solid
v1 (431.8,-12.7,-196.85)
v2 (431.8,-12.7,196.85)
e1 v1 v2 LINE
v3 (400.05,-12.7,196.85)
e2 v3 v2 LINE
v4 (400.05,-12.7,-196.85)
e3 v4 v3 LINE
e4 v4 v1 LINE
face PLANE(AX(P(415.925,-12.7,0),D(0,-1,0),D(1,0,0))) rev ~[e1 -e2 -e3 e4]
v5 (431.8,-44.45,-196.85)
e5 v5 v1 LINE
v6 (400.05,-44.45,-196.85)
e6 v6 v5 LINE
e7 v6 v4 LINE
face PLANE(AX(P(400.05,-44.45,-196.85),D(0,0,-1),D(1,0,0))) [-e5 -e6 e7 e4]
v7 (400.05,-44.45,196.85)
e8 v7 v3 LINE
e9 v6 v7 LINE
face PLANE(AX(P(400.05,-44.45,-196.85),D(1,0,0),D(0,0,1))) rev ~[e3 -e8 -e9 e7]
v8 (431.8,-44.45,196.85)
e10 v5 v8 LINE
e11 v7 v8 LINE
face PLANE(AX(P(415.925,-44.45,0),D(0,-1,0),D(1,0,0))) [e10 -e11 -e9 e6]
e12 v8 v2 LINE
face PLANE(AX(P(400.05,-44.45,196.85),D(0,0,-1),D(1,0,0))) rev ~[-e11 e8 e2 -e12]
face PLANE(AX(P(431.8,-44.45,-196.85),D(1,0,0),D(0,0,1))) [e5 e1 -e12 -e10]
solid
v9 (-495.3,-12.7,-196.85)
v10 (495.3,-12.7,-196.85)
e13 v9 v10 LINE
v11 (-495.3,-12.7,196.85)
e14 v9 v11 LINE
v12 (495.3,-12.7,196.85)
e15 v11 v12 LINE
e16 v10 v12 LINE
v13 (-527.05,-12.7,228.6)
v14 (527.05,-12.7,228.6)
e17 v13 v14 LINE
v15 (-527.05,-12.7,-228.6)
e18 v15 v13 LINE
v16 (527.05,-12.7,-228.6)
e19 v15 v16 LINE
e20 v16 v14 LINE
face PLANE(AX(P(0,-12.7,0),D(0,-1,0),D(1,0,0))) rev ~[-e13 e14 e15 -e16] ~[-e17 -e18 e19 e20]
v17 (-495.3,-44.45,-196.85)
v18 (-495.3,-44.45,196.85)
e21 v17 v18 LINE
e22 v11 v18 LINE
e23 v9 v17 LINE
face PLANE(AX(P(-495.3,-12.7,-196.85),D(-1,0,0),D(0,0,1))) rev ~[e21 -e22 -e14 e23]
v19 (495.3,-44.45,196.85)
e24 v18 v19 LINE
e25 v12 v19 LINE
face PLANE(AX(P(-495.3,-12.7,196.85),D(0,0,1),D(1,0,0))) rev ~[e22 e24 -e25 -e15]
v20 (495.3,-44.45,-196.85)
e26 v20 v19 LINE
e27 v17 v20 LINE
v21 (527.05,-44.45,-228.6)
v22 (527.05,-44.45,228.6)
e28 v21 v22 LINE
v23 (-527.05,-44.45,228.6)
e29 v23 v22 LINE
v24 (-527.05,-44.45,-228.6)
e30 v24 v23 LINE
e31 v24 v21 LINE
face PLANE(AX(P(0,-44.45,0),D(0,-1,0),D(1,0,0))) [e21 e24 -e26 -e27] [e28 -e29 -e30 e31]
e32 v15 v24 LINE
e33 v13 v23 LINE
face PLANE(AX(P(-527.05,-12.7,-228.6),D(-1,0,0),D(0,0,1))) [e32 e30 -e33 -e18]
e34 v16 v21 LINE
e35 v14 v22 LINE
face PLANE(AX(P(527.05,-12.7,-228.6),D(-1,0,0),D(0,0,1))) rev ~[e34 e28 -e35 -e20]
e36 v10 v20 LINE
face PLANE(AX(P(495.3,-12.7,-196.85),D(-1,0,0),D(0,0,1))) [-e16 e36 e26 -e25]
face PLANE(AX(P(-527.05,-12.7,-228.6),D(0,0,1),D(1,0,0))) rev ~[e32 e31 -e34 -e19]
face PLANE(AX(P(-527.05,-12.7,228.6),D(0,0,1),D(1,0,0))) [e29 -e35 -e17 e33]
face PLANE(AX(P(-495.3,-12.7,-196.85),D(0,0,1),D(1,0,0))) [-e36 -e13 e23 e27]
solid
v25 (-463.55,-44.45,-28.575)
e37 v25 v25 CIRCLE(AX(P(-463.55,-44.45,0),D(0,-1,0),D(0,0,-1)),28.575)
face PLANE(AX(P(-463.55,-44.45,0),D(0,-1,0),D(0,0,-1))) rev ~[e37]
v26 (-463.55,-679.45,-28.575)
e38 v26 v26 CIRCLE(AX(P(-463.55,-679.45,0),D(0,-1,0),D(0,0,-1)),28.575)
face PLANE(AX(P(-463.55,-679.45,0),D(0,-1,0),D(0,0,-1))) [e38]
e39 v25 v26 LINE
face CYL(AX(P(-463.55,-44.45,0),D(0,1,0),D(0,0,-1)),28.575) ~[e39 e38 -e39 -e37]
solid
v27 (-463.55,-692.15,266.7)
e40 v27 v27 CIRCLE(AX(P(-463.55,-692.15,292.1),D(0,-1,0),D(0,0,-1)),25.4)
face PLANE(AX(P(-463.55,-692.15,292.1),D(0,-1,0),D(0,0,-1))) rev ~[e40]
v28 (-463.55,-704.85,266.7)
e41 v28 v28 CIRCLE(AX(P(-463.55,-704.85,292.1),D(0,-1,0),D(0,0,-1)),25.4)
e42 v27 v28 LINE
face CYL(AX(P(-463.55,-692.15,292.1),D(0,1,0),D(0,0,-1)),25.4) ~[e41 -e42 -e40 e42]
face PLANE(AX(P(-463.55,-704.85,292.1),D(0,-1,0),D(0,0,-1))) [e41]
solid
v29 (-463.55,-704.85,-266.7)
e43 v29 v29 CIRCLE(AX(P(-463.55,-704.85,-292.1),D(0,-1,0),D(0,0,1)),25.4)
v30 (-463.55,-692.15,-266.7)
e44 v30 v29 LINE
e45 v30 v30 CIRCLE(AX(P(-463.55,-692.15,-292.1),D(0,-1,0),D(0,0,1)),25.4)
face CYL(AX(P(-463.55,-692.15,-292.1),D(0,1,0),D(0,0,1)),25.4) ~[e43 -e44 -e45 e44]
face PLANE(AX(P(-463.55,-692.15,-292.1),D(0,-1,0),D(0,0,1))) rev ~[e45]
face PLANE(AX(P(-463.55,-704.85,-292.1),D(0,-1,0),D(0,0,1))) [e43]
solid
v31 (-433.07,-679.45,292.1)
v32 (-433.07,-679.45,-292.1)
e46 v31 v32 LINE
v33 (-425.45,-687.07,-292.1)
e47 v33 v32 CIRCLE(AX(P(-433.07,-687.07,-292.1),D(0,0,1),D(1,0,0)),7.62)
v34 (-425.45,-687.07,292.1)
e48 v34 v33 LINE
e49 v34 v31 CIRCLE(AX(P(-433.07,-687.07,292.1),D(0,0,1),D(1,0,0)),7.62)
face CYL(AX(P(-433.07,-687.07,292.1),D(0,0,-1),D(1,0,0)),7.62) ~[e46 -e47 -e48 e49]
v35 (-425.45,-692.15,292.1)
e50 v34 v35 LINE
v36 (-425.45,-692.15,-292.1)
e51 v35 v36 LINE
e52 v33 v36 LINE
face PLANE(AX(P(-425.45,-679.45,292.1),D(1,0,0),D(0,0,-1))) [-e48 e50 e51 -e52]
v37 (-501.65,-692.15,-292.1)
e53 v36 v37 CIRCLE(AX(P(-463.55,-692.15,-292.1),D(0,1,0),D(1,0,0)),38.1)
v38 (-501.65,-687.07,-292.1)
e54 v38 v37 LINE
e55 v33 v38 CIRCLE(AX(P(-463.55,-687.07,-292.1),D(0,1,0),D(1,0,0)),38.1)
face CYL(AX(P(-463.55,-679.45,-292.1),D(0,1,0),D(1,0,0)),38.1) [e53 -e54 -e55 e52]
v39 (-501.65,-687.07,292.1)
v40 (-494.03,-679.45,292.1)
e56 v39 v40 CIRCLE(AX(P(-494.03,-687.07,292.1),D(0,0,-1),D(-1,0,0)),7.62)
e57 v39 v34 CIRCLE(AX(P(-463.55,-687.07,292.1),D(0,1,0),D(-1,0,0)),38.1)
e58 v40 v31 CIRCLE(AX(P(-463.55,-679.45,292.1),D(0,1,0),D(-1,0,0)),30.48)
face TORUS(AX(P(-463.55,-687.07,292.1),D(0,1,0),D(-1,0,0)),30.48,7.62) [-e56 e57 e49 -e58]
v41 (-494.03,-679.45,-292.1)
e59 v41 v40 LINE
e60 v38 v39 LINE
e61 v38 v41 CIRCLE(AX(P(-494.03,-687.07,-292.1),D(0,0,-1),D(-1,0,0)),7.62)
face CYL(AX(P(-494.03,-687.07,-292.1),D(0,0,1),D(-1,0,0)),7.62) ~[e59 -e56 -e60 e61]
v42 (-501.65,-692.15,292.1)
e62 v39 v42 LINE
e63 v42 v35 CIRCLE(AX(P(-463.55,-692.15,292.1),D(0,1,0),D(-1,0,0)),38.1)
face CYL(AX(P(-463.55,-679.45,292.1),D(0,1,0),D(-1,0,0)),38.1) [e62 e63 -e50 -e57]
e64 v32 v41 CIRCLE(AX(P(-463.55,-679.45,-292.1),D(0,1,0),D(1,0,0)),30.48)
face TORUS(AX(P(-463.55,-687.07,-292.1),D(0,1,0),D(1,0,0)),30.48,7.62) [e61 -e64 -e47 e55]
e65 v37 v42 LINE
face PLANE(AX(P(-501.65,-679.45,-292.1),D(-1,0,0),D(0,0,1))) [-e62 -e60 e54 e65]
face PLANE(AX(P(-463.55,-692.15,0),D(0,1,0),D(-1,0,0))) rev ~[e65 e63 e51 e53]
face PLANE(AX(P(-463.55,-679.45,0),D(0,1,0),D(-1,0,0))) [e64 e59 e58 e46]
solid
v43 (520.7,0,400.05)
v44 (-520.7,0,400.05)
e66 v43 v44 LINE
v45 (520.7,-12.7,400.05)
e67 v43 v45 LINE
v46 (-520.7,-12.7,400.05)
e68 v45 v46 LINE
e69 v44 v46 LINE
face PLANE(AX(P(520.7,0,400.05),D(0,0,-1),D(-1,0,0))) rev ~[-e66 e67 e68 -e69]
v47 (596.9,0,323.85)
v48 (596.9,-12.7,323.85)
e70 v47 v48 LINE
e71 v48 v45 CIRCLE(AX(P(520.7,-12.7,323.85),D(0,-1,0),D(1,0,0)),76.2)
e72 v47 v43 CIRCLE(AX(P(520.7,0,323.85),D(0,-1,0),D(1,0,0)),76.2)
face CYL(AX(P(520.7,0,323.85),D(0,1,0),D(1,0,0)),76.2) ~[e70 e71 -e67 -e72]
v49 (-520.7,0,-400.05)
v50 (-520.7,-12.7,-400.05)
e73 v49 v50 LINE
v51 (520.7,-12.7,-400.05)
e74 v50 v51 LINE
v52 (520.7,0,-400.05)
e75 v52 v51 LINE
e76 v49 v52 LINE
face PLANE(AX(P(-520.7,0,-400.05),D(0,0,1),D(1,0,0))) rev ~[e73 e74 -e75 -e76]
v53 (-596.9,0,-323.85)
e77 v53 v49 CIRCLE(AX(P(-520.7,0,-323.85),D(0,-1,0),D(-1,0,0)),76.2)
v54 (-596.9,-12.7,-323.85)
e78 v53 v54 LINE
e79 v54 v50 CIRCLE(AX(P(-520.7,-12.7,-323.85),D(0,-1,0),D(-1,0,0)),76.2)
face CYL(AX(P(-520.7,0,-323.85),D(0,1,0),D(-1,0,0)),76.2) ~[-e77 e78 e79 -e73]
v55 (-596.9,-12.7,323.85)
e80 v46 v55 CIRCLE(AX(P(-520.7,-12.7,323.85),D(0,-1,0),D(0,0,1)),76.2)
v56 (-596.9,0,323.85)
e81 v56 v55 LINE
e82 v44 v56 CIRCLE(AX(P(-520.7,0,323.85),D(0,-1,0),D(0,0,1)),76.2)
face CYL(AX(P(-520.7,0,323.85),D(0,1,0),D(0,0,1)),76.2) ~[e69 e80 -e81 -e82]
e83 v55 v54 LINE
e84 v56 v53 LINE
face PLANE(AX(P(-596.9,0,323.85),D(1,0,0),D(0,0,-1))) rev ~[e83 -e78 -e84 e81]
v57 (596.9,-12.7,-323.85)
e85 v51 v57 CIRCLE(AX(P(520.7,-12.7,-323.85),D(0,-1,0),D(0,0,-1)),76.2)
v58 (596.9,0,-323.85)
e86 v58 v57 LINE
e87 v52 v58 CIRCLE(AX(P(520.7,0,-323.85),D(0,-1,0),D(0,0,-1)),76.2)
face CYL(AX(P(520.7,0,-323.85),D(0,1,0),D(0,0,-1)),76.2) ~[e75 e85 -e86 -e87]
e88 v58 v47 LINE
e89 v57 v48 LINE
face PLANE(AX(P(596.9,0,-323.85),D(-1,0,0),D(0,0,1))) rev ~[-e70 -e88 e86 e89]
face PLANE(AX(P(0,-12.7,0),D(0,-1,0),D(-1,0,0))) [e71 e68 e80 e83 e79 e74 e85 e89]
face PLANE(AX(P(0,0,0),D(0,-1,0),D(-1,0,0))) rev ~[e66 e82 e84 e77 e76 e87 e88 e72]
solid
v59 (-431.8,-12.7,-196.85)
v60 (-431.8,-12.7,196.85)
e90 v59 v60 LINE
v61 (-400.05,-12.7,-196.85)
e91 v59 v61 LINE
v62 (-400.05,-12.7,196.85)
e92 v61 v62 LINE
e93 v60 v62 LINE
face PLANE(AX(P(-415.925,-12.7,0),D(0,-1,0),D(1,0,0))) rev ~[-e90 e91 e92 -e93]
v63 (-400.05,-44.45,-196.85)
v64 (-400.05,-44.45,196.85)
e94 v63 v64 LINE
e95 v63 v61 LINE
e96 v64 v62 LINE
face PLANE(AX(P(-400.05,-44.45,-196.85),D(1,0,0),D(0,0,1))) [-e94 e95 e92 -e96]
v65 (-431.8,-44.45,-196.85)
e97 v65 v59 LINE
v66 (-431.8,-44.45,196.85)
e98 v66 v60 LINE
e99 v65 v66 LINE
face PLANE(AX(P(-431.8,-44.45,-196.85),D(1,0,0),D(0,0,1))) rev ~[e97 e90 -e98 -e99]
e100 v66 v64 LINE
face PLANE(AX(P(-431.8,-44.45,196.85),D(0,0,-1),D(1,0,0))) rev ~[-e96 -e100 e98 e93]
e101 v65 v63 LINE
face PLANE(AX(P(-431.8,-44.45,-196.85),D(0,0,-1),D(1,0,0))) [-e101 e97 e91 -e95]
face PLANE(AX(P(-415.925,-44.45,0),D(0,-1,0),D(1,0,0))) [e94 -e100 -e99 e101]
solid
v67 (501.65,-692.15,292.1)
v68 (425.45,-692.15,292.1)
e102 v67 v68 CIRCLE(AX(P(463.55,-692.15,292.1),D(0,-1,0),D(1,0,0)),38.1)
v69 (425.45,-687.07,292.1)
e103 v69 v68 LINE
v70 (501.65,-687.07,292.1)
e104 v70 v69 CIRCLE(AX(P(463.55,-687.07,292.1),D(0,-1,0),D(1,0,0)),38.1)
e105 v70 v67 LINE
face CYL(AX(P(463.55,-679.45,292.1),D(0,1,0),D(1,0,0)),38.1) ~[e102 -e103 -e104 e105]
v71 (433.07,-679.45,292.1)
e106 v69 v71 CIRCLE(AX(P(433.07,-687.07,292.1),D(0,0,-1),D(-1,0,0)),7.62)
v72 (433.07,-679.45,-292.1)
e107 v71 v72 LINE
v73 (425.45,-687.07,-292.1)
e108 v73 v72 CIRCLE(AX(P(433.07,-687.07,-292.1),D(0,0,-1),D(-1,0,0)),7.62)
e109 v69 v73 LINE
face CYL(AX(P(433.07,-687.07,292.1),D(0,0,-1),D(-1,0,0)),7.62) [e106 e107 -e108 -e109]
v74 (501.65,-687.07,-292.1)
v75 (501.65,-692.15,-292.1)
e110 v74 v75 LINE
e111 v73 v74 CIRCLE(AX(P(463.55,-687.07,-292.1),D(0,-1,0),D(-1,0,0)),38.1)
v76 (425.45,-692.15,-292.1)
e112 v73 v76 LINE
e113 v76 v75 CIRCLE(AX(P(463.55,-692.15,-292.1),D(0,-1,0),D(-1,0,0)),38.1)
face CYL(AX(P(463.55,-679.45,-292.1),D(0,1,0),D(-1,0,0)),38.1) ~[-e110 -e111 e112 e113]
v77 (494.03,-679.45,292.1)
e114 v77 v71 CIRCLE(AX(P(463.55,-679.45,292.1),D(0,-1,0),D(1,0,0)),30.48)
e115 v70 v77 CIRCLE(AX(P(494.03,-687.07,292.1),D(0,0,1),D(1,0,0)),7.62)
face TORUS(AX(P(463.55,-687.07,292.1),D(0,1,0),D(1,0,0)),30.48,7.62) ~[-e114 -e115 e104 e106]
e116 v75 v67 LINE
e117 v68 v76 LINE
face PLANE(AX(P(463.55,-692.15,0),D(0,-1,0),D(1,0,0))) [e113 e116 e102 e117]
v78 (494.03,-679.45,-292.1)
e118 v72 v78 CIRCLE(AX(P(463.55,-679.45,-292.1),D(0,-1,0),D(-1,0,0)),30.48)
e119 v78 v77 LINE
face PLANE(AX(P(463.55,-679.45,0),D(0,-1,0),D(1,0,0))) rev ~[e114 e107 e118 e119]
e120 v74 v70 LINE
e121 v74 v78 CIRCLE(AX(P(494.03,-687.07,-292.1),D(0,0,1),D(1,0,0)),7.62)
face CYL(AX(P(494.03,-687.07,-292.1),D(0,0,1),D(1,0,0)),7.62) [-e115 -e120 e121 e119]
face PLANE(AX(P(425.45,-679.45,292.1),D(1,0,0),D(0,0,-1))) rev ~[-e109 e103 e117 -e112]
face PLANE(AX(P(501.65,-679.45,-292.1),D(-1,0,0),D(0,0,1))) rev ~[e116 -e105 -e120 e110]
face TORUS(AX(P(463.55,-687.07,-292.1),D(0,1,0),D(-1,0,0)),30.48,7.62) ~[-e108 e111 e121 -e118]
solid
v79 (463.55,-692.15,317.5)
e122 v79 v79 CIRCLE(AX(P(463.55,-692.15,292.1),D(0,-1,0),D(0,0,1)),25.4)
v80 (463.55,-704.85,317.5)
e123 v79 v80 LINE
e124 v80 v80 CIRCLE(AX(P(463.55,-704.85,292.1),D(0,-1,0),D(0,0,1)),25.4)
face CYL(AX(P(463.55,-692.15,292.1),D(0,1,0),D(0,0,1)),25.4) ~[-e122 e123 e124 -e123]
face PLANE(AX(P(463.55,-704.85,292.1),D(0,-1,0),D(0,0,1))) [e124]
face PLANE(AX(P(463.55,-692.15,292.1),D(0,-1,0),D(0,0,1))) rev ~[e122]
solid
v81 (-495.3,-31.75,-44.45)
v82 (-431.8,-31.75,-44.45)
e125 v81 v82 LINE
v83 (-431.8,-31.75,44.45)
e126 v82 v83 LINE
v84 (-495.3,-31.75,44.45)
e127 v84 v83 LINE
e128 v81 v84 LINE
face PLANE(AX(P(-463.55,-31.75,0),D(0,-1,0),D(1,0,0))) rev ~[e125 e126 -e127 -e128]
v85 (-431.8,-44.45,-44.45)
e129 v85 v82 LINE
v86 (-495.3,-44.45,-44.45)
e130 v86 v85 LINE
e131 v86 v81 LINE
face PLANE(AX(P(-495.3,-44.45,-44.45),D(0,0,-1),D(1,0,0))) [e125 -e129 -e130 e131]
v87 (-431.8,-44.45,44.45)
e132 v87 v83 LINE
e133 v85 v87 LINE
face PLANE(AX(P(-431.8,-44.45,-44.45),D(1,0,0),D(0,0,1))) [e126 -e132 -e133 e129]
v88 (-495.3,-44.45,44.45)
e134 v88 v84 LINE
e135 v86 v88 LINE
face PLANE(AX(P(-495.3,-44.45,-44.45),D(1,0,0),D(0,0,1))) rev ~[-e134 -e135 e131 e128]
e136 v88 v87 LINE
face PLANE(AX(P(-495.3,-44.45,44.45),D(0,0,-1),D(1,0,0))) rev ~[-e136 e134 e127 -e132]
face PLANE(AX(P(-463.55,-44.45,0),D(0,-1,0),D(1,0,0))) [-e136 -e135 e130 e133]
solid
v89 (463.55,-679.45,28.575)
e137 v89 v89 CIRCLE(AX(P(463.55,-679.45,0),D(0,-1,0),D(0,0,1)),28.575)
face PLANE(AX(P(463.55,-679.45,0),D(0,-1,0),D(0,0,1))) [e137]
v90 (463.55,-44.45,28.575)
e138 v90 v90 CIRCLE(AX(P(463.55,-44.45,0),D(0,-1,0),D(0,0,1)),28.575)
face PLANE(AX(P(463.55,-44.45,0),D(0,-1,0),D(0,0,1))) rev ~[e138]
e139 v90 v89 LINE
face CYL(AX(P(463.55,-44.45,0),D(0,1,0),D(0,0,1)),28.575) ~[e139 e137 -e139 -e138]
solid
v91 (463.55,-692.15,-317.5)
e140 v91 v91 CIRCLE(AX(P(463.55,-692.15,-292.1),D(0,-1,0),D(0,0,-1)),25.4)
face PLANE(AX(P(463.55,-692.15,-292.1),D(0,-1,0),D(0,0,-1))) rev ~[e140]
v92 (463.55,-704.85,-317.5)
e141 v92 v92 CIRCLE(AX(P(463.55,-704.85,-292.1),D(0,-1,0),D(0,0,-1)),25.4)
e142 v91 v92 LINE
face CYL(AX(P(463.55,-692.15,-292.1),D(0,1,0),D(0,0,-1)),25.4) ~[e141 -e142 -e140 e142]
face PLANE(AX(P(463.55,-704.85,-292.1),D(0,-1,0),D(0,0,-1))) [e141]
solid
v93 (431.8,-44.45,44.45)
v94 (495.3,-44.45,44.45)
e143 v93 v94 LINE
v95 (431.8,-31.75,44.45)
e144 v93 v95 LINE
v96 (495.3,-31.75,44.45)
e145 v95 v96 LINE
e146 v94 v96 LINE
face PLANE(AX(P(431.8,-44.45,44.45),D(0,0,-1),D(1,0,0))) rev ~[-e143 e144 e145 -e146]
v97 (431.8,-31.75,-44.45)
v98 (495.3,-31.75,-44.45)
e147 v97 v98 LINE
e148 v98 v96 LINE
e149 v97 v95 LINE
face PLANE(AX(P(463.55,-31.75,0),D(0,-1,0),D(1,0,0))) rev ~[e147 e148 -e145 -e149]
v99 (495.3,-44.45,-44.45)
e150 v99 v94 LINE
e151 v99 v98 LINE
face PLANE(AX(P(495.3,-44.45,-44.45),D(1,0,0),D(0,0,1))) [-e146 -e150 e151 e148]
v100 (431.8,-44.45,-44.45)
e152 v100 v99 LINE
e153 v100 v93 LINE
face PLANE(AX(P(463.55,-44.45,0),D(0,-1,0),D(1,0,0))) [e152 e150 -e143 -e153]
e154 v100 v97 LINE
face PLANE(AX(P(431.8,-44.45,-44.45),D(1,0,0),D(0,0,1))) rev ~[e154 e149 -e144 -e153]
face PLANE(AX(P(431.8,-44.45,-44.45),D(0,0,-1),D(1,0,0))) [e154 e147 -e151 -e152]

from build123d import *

# Parameters (mm, degrees)
BOSS_EXTRUDE1_DEPTH   = 12.7
SKETCH2_W             = 1054.1
SKETCH2_H             = 457.2
SKETCH2_W_2           = 990.6
SKETCH2_H_2           = 393.7
EXTRUDE_THIN1_DEPTH   = 31.75
SKETCH3_W             = 31.75
SKETCH3_H             = 393.7
BOSS_EXTRUDE3_DEPTH   = 31.75
BOSS_EXTRUDE3_2_DEPTH = 31.75
SKETCH4_W             = 63.5
SKETCH4_H             = 88.9
BOSS_EXTRUDE4_DEPTH   = 12.7
BOSS_EXTRUDE4_2_DEPTH = 12.7
SKETCH5_R             = 28.575
BOSS_EXTRUDE5_DEPTH   = 635
BOSS_EXTRUDE5_2_DEPTH = 635
BOSS_EXTRUDE6_DEPTH   = 12.7
BOSS_EXTRUDE6_2_DEPTH = 12.7
SKETCH7_R             = 25.4
BOSS_EXTRUDE7_DEPTH   = 12.7
BOSS_EXTRUDE7_2_DEPTH = 12.7
BOSS_EXTRUDE7_3_DEPTH = 12.7
BOSS_EXTRUDE7_4_DEPTH = 12.7
FILLET1_R             = 7.62
FILLET2_R             = 7.62


with BuildPart() as part:
    # Sketch1 → Boss-Extrude1 (new body)
    with BuildSketch(Plane(origin=(0, 0, 0), x_dir=(1, 0, 0), z_dir=(0, 1, 0))):
        with BuildLine():
            Line((-520.7, 400.05), (520.7, 400.05))
            ThreePointArc((520.7, 400.05), (574.581536726, 377.731536726), (596.9, 323.85))
            Line((596.9, 323.85), (596.9, -323.85))
            ThreePointArc((596.9, -323.85), (574.581536726, -377.731536726), (520.7, -400.05))
            Line((520.7, -400.05), (-520.7, -400.05))
            ThreePointArc((-520.7, -400.05), (-574.581536726, -377.731536726), (-596.9, -323.85))
            Line((-596.9, -323.85), (-596.9, 323.85))
            ThreePointArc((-596.9, 323.85), (-574.581536726, 377.731536726), (-520.7, 400.05))
        make_face()
    extrude(amount=-BOSS_EXTRUDE1_DEPTH)


with BuildPart() as body_2:
    # Sketch2 → Extrude-Thin1 (new body)
    with BuildSketch(Plane.XZ.offset(12.7)):
        Rectangle(SKETCH2_W, SKETCH2_H)
        Rectangle(SKETCH2_W_2, SKETCH2_H_2, mode=Mode.SUBTRACT)
    extrude(amount=EXTRUDE_THIN1_DEPTH)


with BuildPart() as body_3:
    # Sketch3 → Boss-Extrude3 (new body)
    with BuildSketch(Plane.XZ.offset(44.45)):
        with Locations((-415.925, 0)):
            Rectangle(SKETCH3_W, SKETCH3_H)
    extrude(amount=-BOSS_EXTRUDE3_DEPTH)


with BuildPart() as body_4:
    # Sketch3 → Boss-Extrude3 2 (new body)
    with BuildSketch(Plane.XZ.offset(44.45)):
        with Locations((415.925, 0)):
            Rectangle(SKETCH3_W, SKETCH3_H)
    extrude(amount=-BOSS_EXTRUDE3_2_DEPTH)


with BuildPart() as body_5:
    # Sketch4 → Boss-Extrude4 (new body)
    with BuildSketch(Plane.XZ.offset(44.45)):
        with Locations((-463.55, 0)):
            Rectangle(SKETCH4_W, SKETCH4_H)
    extrude(amount=-BOSS_EXTRUDE4_DEPTH)


with BuildPart() as body_6:
    # Sketch4 → Boss-Extrude4 2 (new body)
    with BuildSketch(Plane.XZ.offset(44.45)):
        with Locations((463.55, 0)):
            Rectangle(SKETCH4_W, SKETCH4_H)
    extrude(amount=-BOSS_EXTRUDE4_2_DEPTH)


with BuildPart() as body_7:
    # Sketch5 → Boss-Extrude5 (new body)
    with BuildSketch(Plane.XZ.offset(44.45)):
        with Locations(Location((-463.55, 0, 0), (0, 0, 270))):  # turned: the seam where the file's is
            Circle(SKETCH5_R)
    extrude(amount=BOSS_EXTRUDE5_DEPTH)


with BuildPart() as body_8:
    # Sketch5 → Boss-Extrude5 2 (new body)
    with BuildSketch(Plane.XZ.offset(44.45)):
        with Locations(Location((463.55, 0, 0), (0, 0, 90))):  # turned: the seam where the file's is
            Circle(SKETCH5_R)
    extrude(amount=BOSS_EXTRUDE5_2_DEPTH)


with BuildPart() as body_9:
    # Sketch6 → Boss-Extrude6 (new body)
    with BuildSketch(Plane.XZ.offset(679.45)):
        with BuildLine():
            Line((-501.65, -292.1), (-501.65, 292.1))
            ThreePointArc((-501.65, 292.1), (-463.55, 330.2), (-425.45, 292.1))
            Line((-425.45, 292.1), (-425.45, -292.1))
            ThreePointArc((-425.45, -292.1), (-463.55, -330.2), (-501.65, -292.1))
        make_face()
    extrude(amount=BOSS_EXTRUDE6_DEPTH)

    # Fillet1
    fillet1_edges = [body_9.edges().sort_by_distance(p)[0] for p in [
        (-501.65, -679.45, 0),
        (-463.55, -679.45, 330.2),
        (-425.45, -679.45, 0),
        (-463.55, -679.45, -330.2),
    ]]
    fillet(fillet1_edges, radius=FILLET1_R)


with BuildPart() as body_10:
    # Sketch6 → Boss-Extrude6 2 (new body)
    with BuildSketch(Plane.XZ.offset(679.45)):
        with BuildLine():
            Line((501.65, -292.1), (501.65, 292.1))
            ThreePointArc((501.65, 292.1), (463.55, 330.2), (425.45, 292.1))
            Line((425.45, 292.1), (425.45, -292.1))
            ThreePointArc((425.45, -292.1), (463.55, -330.2), (501.65, -292.1))
        make_face()
    extrude(amount=BOSS_EXTRUDE6_2_DEPTH)

    # Fillet2
    fillet2_edges = [body_10.edges().sort_by_distance(p)[0] for p in [
        (425.45, -679.45, 0),
        (463.55, -679.45, 330.2),
        (501.65, -679.45, 0),
        (463.55, -679.45, -330.2),
    ]]
    fillet(fillet2_edges, radius=FILLET2_R)


with BuildPart() as body_11:
    # Sketch7 → Boss-Extrude7 (new body)
    with BuildSketch(Plane.XZ.offset(692.15)):
        with Locations(Location((-463.55, 292.1, 0), (0, 0, 270))):  # turned: the seam where the file's is
            Circle(SKETCH7_R)
    extrude(amount=BOSS_EXTRUDE7_DEPTH)


with BuildPart() as body_12:
    # Sketch7 → Boss-Extrude7 2 (new body)
    with BuildSketch(Plane.XZ.offset(692.15)):
        with Locations(Location((463.55, 292.1, 0), (0, 0, 90))):  # turned: the seam where the file's is
            Circle(SKETCH7_R)
    extrude(amount=BOSS_EXTRUDE7_2_DEPTH)


with BuildPart() as body_13:
    # Sketch7 → Boss-Extrude7 3 (new body)
    with BuildSketch(Plane.XZ.offset(692.15)):
        with Locations(Location((463.55, -292.1, 0), (0, 0, 270))):  # turned: the seam where the file's is
            Circle(SKETCH7_R)
    extrude(amount=BOSS_EXTRUDE7_3_DEPTH)


with BuildPart() as body_14:
    # Sketch7 → Boss-Extrude7 4 (new body)
    with BuildSketch(Plane.XZ.offset(692.15)):
        with Locations(Location((-463.55, -292.1, 0), (0, 0, 90))):  # turned: the seam where the file's is
            Circle(SKETCH7_R)
    extrude(amount=BOSS_EXTRUDE7_4_DEPTH)


solid = Compound([part.part, body_2.part, body_3.part, body_4.part, body_5.part, body_6.part, body_7.part, body_8.part, body_9.part, body_10.part, body_11.part, body_12.part, body_13.part, body_14.part])
